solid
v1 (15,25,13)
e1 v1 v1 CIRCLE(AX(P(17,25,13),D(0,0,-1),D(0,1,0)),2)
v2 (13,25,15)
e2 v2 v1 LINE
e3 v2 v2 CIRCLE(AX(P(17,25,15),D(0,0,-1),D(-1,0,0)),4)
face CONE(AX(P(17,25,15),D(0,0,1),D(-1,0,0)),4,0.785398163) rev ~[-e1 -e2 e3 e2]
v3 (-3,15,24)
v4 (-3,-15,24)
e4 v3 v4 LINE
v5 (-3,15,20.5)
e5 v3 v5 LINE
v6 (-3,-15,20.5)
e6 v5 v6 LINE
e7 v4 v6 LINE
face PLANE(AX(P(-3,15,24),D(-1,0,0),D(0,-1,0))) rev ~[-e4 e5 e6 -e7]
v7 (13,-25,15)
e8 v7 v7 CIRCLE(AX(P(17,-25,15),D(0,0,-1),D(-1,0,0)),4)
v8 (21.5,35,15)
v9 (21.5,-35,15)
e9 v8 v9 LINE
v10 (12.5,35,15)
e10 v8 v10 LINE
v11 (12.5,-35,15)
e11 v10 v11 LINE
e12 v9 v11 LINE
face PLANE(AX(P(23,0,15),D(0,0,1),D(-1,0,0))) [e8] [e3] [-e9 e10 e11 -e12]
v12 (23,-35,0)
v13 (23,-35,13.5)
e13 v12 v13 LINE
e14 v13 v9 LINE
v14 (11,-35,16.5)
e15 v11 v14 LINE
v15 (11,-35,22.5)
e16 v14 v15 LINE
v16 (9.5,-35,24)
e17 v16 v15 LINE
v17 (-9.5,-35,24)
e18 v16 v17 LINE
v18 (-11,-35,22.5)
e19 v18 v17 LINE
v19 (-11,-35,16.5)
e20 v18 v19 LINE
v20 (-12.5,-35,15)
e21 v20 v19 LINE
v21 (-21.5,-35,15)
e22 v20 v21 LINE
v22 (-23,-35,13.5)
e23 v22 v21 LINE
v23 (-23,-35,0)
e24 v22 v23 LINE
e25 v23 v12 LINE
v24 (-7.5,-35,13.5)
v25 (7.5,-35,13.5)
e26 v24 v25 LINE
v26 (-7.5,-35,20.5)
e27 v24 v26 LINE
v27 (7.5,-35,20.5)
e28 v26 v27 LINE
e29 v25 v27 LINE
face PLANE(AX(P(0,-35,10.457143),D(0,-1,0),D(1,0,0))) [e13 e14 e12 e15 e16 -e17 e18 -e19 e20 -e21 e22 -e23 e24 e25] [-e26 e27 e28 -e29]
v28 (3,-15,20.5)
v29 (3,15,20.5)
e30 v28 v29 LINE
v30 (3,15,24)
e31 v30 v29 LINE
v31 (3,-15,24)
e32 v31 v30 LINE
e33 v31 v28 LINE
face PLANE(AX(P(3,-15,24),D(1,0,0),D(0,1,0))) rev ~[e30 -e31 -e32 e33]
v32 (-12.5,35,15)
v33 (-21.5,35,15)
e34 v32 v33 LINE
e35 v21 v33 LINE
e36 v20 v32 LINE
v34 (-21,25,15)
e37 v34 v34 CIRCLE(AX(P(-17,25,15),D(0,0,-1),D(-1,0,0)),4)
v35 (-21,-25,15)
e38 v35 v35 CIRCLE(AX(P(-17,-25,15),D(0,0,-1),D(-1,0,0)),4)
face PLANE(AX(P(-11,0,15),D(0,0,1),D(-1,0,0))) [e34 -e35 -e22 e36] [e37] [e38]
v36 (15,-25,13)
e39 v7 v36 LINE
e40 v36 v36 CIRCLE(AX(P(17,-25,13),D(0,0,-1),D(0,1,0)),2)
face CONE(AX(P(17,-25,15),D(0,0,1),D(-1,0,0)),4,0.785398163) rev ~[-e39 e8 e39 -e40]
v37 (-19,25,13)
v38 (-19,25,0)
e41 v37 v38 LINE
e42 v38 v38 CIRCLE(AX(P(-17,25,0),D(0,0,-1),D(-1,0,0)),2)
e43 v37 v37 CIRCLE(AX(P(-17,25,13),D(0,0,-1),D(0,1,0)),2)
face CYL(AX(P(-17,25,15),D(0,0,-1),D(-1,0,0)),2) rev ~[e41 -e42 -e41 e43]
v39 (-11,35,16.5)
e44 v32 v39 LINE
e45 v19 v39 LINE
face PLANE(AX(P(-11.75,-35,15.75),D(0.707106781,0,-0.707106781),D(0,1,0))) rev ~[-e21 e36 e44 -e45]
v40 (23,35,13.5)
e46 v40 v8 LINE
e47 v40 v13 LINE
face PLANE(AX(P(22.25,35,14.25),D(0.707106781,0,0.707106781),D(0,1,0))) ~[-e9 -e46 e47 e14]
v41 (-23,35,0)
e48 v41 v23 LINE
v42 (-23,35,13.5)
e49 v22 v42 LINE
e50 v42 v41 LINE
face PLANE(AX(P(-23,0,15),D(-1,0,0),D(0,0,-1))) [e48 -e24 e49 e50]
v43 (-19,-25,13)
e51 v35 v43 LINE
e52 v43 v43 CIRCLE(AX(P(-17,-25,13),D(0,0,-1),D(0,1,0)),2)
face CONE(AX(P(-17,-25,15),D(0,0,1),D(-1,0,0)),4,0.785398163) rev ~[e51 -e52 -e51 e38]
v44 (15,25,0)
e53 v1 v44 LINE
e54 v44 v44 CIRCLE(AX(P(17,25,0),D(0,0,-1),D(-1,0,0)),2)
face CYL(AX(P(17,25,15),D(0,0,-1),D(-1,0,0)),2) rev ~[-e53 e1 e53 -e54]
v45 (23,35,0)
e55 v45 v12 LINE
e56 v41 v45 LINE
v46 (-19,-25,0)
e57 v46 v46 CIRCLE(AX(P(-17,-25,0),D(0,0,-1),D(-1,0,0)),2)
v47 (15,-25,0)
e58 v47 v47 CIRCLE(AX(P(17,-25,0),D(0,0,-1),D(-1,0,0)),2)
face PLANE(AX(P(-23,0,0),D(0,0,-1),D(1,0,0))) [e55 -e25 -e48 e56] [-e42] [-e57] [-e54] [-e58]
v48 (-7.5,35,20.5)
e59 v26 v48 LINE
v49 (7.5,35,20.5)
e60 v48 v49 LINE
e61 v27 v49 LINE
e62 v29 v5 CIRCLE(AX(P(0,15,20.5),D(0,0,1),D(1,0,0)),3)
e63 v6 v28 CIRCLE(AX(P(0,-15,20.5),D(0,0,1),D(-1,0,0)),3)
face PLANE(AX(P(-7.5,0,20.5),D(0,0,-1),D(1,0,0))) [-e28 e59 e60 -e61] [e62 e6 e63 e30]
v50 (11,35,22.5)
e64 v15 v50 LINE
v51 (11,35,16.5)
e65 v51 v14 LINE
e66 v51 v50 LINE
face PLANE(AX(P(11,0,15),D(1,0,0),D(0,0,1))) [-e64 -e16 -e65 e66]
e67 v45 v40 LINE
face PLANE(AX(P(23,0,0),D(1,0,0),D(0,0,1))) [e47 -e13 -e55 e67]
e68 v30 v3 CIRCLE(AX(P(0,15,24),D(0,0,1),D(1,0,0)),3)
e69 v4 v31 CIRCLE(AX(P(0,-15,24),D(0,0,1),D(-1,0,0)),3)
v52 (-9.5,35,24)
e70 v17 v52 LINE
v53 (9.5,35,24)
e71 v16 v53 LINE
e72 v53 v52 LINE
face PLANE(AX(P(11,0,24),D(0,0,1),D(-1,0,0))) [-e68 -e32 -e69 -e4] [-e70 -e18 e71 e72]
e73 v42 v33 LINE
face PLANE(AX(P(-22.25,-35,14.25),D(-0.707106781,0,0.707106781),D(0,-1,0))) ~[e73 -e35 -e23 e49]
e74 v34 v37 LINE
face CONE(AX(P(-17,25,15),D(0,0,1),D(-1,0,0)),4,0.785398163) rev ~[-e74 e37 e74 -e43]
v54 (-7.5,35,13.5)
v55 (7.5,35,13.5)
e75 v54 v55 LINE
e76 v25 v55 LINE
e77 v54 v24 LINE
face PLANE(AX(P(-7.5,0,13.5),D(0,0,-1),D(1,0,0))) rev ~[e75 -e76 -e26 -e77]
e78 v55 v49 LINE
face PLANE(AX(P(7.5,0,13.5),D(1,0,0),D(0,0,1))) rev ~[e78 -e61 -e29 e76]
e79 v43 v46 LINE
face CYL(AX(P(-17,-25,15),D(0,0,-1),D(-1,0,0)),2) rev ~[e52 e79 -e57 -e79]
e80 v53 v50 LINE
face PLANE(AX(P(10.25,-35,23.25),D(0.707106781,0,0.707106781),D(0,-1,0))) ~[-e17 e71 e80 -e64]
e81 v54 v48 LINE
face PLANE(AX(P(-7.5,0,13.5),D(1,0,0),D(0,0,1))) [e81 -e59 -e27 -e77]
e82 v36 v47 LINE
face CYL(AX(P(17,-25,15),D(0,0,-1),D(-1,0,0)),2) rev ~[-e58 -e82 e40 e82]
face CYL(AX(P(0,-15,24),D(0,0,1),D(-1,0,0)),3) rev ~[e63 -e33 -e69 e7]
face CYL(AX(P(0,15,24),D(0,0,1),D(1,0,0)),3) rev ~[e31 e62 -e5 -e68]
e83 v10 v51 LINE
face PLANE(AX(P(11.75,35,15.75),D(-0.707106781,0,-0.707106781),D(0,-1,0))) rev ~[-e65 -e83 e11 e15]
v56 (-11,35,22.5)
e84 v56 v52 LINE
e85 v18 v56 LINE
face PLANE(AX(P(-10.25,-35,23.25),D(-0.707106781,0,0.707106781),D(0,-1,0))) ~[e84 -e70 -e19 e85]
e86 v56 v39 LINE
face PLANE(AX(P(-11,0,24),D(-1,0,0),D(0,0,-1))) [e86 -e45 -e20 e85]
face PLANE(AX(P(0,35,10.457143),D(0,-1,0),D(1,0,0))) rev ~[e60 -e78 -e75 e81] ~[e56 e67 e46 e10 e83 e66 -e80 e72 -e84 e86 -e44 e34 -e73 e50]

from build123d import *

# Parameters (mm, degrees)
F0_W           = 15
F0_H           = 7
F1_DEPTH       = 35
F3_DEPTH       = 3.5
F4_SIZE        = 1.5
F6_D           = 4
F6_CSINK_D     = 8
F6_CSINK_ANGLE = 90


with BuildPart() as f1:
    # F0 (on Front) → F1 (new body, symmetric)
    with BuildSketch(Plane.XZ):
        Polygon((-23, 15), (-23, 0), (23, 0), (23, 15), (11, 15), (11, 24), (-11, 24), (-11, 15), align=None)
        with Locations((0, 17)):
            Rectangle(F0_W, F0_H, mode=Mode.SUBTRACT)
    extrude(amount=F1_DEPTH, both=True)

    # F2 (on face) → F3 (cut, through all)
    with BuildSketch(Plane.XY.offset(24)):
        with BuildLine():
            ThreePointArc((3, 15), (0, 18), (-3, 15))
            Line((-3, 15), (-3, -15))
            ThreePointArc((-3, -15), (0, -18), (3, -15))
            Line((3, -15), (3, 15))
        make_face()
    extrude(amount=-F3_DEPTH, mode=Mode.SUBTRACT)

    # F4
    f4_edges = [f1.edges().sort_by_distance(p)[0] for p in [
        (-11, 0, 15),
        (11, 0, 24),
        (-11, 0, 24),
        (11, 0, 15),
        (-23, 0, 15),
        (23, 0, 15),
    ]]
    chamfer(f4_edges, length=F4_SIZE)

    # F6 (through all)
    with Locations(Plane.XY.offset(15)):
        with Locations((17, 25), (17, -25), (-17, -25), (-17, 25)):
            CounterSinkHole(F6_D / 2, F6_CSINK_D / 2, counter_sink_angle=F6_CSINK_ANGLE)


solid = f1.part
